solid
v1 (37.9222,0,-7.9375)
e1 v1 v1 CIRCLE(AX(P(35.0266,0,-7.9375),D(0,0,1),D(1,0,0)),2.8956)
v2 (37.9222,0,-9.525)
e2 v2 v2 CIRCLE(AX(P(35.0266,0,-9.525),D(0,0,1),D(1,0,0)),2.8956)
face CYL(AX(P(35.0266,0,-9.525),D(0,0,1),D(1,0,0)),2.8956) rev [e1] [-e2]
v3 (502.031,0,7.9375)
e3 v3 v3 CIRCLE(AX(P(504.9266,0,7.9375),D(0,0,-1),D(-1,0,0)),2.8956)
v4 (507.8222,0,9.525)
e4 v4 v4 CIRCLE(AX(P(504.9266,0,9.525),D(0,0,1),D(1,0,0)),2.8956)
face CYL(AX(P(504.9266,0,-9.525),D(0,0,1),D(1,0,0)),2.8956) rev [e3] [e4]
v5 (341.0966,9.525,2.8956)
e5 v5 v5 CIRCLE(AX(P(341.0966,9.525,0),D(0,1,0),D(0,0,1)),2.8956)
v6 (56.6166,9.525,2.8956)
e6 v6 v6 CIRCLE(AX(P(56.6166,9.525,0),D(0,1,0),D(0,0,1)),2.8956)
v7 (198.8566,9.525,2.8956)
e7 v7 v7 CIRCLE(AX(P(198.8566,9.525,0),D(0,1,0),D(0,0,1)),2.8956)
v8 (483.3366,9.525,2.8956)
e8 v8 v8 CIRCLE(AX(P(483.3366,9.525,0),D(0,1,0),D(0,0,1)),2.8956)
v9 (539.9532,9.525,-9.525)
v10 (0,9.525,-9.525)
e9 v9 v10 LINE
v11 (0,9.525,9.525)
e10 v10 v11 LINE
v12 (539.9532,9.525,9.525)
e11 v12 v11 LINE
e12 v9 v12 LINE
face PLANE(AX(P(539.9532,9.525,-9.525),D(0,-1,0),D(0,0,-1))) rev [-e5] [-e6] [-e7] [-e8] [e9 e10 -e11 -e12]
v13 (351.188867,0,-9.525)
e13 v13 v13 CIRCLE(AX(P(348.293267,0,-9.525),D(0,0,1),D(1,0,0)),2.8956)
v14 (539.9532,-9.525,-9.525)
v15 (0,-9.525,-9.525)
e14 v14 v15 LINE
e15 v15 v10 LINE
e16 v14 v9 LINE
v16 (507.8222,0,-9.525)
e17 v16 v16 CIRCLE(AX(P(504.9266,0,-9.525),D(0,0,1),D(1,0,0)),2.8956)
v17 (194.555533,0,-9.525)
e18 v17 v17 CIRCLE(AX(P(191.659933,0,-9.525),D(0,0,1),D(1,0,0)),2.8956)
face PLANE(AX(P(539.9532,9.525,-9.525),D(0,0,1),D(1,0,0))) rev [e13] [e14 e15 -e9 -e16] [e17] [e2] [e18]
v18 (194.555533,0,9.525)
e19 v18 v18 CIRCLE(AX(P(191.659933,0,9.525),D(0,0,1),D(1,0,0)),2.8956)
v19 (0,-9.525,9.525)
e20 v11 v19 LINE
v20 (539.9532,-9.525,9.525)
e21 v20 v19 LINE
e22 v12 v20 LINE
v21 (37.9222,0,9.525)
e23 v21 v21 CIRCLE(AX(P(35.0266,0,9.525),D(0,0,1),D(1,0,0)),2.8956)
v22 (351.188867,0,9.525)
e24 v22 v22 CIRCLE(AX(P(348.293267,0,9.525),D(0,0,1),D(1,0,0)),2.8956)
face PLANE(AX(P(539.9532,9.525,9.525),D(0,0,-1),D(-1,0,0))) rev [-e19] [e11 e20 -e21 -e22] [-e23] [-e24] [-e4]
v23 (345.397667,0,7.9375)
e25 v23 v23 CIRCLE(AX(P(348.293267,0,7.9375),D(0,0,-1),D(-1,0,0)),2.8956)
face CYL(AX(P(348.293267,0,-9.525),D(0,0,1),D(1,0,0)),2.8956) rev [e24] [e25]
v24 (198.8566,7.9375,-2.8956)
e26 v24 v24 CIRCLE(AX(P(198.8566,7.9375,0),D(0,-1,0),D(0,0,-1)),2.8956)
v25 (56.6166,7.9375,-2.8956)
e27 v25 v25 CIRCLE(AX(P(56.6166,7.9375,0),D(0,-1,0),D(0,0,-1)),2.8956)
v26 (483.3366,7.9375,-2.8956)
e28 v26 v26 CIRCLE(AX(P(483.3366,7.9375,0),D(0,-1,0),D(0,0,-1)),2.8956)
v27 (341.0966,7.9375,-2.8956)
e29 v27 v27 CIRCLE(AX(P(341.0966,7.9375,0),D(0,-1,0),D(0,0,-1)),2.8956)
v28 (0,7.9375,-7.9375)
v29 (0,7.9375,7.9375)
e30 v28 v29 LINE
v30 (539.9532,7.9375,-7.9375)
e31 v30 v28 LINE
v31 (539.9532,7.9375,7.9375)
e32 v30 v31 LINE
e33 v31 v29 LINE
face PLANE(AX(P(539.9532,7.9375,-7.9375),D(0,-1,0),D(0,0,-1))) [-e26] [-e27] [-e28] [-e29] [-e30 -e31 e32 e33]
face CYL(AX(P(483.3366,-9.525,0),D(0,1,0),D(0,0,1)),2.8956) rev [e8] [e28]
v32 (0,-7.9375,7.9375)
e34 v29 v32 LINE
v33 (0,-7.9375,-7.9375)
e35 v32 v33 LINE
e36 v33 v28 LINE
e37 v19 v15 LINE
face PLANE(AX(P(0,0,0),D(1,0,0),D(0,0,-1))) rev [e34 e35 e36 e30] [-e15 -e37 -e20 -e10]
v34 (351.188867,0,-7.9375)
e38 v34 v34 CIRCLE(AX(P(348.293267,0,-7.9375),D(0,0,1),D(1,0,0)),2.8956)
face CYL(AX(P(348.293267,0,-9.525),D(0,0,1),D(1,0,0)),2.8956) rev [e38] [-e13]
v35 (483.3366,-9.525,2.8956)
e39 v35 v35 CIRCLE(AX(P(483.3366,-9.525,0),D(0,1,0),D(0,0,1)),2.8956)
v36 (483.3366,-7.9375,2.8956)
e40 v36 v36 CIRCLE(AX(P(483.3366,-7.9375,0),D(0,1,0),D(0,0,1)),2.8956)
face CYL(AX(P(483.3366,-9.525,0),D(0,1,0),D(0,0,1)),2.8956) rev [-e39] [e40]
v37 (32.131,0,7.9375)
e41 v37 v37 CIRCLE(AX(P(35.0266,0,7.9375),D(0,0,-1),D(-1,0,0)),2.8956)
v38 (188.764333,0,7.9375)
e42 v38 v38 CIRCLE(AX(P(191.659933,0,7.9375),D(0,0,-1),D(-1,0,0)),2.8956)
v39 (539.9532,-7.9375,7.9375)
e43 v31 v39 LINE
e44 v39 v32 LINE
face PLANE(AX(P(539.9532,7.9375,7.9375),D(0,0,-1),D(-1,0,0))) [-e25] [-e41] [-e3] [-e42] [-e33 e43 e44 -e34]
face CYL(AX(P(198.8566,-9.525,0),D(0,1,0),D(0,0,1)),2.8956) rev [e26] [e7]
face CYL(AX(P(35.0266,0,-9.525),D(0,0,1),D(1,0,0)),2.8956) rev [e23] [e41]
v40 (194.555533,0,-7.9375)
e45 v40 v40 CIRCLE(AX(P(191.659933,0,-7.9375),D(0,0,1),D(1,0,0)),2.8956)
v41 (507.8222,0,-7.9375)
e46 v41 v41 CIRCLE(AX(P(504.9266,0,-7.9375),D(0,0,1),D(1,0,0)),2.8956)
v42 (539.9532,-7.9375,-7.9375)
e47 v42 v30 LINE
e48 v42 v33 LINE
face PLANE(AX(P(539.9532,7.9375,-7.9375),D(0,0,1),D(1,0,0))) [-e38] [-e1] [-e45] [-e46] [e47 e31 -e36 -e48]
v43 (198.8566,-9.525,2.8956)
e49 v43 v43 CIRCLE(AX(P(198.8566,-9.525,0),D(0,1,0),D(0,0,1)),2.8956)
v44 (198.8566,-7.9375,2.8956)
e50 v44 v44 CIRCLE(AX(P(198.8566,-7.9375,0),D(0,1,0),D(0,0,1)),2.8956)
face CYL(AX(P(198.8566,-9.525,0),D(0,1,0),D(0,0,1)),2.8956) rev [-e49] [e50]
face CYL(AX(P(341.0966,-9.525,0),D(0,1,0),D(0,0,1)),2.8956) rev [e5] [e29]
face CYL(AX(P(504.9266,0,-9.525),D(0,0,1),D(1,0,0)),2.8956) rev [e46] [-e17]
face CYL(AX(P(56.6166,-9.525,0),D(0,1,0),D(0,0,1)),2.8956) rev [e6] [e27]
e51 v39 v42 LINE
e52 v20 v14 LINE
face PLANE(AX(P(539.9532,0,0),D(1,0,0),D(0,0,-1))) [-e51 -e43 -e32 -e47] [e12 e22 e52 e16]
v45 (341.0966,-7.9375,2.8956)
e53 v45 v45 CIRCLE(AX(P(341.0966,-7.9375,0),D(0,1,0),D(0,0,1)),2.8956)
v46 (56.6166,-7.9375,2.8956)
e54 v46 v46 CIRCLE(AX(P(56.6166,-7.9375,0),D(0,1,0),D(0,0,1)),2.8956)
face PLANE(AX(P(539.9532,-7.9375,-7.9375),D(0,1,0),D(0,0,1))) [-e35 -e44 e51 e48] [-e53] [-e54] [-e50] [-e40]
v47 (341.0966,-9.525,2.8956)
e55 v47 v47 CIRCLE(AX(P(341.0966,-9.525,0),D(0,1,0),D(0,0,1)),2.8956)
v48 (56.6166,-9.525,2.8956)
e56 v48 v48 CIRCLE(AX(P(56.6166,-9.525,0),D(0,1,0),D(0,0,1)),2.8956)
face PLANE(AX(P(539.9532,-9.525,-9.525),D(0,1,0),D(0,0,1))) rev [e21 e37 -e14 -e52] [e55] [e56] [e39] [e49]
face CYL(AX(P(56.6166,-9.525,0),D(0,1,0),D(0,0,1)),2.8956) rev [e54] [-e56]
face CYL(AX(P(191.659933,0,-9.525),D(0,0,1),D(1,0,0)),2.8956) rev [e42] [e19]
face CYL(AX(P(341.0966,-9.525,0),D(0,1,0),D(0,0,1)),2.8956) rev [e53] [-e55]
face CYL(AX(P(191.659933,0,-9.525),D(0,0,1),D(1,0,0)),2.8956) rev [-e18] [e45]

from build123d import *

# Parameters (mm, degrees)
SKETCH1_W               = 19.05
SKETCH1_H               = 19.05
SKETCH1_W_2             = 15.875
SKETCH1_H_2             = 15.875
TUBE_DEPTH              = 539.9532
SKETCH2_R               = 2.8956
REARWALLHOLES_DEPTH     = 20.05
LPATTERN1_COUNT         = 4
LPATTERN1_PITCH         = 156.633333333
SKETCH3_R               = 2.8956
REARTOPHOLEMASTER_DEPTH = 20.05
LPATTERN2_COUNT         = 4
LPATTERN2_PITCH         = 142.24


with BuildPart() as part:
    # Sketch1 → Tube (new body)
    with BuildSketch(Plane(origin=(0, 0, 0), x_dir=(0, -1, 0), z_dir=(1, 0, 0))):
        Rectangle(SKETCH1_W, SKETCH1_H)
        Rectangle(SKETCH1_W_2, SKETCH1_H_2, mode=Mode.SUBTRACT)
    extrude(amount=TUBE_DEPTH)

    # Sketch2 → RearWallHoles (cut, through all)
    with BuildSketch(Plane.XY.offset(9.525)):
        with Locations((504.9266, 0)):
            Circle(SKETCH2_R)
    rearwallholes = extrude(amount=-REARWALLHOLES_DEPTH, mode=Mode.SUBTRACT)

    # LPattern1: RearWallHoles ×4
    with Locations(*[(-i * LPATTERN1_PITCH, 0, 0) for i in range(1, LPATTERN1_COUNT)]):
        add(rearwallholes, mode=Mode.SUBTRACT)

    # Sketch3 → RearTopHoleMaster (cut, through all)
    with BuildSketch(Plane(origin=(0, 9.525, 0), x_dir=(1, 0, 0), z_dir=(0, 1, 0))):
        with Locations((56.6166, 0)):
            Circle(SKETCH3_R)
    reartopholemaster = extrude(amount=-REARTOPHOLEMASTER_DEPTH, mode=Mode.SUBTRACT)

    # LPattern2: RearTopHoleMaster ×4
    with Locations(*[(i * LPATTERN2_PITCH, 0, 0) for i in range(1, LPATTERN2_COUNT)]):
        add(reartopholemaster, mode=Mode.SUBTRACT)


solid = part.part
